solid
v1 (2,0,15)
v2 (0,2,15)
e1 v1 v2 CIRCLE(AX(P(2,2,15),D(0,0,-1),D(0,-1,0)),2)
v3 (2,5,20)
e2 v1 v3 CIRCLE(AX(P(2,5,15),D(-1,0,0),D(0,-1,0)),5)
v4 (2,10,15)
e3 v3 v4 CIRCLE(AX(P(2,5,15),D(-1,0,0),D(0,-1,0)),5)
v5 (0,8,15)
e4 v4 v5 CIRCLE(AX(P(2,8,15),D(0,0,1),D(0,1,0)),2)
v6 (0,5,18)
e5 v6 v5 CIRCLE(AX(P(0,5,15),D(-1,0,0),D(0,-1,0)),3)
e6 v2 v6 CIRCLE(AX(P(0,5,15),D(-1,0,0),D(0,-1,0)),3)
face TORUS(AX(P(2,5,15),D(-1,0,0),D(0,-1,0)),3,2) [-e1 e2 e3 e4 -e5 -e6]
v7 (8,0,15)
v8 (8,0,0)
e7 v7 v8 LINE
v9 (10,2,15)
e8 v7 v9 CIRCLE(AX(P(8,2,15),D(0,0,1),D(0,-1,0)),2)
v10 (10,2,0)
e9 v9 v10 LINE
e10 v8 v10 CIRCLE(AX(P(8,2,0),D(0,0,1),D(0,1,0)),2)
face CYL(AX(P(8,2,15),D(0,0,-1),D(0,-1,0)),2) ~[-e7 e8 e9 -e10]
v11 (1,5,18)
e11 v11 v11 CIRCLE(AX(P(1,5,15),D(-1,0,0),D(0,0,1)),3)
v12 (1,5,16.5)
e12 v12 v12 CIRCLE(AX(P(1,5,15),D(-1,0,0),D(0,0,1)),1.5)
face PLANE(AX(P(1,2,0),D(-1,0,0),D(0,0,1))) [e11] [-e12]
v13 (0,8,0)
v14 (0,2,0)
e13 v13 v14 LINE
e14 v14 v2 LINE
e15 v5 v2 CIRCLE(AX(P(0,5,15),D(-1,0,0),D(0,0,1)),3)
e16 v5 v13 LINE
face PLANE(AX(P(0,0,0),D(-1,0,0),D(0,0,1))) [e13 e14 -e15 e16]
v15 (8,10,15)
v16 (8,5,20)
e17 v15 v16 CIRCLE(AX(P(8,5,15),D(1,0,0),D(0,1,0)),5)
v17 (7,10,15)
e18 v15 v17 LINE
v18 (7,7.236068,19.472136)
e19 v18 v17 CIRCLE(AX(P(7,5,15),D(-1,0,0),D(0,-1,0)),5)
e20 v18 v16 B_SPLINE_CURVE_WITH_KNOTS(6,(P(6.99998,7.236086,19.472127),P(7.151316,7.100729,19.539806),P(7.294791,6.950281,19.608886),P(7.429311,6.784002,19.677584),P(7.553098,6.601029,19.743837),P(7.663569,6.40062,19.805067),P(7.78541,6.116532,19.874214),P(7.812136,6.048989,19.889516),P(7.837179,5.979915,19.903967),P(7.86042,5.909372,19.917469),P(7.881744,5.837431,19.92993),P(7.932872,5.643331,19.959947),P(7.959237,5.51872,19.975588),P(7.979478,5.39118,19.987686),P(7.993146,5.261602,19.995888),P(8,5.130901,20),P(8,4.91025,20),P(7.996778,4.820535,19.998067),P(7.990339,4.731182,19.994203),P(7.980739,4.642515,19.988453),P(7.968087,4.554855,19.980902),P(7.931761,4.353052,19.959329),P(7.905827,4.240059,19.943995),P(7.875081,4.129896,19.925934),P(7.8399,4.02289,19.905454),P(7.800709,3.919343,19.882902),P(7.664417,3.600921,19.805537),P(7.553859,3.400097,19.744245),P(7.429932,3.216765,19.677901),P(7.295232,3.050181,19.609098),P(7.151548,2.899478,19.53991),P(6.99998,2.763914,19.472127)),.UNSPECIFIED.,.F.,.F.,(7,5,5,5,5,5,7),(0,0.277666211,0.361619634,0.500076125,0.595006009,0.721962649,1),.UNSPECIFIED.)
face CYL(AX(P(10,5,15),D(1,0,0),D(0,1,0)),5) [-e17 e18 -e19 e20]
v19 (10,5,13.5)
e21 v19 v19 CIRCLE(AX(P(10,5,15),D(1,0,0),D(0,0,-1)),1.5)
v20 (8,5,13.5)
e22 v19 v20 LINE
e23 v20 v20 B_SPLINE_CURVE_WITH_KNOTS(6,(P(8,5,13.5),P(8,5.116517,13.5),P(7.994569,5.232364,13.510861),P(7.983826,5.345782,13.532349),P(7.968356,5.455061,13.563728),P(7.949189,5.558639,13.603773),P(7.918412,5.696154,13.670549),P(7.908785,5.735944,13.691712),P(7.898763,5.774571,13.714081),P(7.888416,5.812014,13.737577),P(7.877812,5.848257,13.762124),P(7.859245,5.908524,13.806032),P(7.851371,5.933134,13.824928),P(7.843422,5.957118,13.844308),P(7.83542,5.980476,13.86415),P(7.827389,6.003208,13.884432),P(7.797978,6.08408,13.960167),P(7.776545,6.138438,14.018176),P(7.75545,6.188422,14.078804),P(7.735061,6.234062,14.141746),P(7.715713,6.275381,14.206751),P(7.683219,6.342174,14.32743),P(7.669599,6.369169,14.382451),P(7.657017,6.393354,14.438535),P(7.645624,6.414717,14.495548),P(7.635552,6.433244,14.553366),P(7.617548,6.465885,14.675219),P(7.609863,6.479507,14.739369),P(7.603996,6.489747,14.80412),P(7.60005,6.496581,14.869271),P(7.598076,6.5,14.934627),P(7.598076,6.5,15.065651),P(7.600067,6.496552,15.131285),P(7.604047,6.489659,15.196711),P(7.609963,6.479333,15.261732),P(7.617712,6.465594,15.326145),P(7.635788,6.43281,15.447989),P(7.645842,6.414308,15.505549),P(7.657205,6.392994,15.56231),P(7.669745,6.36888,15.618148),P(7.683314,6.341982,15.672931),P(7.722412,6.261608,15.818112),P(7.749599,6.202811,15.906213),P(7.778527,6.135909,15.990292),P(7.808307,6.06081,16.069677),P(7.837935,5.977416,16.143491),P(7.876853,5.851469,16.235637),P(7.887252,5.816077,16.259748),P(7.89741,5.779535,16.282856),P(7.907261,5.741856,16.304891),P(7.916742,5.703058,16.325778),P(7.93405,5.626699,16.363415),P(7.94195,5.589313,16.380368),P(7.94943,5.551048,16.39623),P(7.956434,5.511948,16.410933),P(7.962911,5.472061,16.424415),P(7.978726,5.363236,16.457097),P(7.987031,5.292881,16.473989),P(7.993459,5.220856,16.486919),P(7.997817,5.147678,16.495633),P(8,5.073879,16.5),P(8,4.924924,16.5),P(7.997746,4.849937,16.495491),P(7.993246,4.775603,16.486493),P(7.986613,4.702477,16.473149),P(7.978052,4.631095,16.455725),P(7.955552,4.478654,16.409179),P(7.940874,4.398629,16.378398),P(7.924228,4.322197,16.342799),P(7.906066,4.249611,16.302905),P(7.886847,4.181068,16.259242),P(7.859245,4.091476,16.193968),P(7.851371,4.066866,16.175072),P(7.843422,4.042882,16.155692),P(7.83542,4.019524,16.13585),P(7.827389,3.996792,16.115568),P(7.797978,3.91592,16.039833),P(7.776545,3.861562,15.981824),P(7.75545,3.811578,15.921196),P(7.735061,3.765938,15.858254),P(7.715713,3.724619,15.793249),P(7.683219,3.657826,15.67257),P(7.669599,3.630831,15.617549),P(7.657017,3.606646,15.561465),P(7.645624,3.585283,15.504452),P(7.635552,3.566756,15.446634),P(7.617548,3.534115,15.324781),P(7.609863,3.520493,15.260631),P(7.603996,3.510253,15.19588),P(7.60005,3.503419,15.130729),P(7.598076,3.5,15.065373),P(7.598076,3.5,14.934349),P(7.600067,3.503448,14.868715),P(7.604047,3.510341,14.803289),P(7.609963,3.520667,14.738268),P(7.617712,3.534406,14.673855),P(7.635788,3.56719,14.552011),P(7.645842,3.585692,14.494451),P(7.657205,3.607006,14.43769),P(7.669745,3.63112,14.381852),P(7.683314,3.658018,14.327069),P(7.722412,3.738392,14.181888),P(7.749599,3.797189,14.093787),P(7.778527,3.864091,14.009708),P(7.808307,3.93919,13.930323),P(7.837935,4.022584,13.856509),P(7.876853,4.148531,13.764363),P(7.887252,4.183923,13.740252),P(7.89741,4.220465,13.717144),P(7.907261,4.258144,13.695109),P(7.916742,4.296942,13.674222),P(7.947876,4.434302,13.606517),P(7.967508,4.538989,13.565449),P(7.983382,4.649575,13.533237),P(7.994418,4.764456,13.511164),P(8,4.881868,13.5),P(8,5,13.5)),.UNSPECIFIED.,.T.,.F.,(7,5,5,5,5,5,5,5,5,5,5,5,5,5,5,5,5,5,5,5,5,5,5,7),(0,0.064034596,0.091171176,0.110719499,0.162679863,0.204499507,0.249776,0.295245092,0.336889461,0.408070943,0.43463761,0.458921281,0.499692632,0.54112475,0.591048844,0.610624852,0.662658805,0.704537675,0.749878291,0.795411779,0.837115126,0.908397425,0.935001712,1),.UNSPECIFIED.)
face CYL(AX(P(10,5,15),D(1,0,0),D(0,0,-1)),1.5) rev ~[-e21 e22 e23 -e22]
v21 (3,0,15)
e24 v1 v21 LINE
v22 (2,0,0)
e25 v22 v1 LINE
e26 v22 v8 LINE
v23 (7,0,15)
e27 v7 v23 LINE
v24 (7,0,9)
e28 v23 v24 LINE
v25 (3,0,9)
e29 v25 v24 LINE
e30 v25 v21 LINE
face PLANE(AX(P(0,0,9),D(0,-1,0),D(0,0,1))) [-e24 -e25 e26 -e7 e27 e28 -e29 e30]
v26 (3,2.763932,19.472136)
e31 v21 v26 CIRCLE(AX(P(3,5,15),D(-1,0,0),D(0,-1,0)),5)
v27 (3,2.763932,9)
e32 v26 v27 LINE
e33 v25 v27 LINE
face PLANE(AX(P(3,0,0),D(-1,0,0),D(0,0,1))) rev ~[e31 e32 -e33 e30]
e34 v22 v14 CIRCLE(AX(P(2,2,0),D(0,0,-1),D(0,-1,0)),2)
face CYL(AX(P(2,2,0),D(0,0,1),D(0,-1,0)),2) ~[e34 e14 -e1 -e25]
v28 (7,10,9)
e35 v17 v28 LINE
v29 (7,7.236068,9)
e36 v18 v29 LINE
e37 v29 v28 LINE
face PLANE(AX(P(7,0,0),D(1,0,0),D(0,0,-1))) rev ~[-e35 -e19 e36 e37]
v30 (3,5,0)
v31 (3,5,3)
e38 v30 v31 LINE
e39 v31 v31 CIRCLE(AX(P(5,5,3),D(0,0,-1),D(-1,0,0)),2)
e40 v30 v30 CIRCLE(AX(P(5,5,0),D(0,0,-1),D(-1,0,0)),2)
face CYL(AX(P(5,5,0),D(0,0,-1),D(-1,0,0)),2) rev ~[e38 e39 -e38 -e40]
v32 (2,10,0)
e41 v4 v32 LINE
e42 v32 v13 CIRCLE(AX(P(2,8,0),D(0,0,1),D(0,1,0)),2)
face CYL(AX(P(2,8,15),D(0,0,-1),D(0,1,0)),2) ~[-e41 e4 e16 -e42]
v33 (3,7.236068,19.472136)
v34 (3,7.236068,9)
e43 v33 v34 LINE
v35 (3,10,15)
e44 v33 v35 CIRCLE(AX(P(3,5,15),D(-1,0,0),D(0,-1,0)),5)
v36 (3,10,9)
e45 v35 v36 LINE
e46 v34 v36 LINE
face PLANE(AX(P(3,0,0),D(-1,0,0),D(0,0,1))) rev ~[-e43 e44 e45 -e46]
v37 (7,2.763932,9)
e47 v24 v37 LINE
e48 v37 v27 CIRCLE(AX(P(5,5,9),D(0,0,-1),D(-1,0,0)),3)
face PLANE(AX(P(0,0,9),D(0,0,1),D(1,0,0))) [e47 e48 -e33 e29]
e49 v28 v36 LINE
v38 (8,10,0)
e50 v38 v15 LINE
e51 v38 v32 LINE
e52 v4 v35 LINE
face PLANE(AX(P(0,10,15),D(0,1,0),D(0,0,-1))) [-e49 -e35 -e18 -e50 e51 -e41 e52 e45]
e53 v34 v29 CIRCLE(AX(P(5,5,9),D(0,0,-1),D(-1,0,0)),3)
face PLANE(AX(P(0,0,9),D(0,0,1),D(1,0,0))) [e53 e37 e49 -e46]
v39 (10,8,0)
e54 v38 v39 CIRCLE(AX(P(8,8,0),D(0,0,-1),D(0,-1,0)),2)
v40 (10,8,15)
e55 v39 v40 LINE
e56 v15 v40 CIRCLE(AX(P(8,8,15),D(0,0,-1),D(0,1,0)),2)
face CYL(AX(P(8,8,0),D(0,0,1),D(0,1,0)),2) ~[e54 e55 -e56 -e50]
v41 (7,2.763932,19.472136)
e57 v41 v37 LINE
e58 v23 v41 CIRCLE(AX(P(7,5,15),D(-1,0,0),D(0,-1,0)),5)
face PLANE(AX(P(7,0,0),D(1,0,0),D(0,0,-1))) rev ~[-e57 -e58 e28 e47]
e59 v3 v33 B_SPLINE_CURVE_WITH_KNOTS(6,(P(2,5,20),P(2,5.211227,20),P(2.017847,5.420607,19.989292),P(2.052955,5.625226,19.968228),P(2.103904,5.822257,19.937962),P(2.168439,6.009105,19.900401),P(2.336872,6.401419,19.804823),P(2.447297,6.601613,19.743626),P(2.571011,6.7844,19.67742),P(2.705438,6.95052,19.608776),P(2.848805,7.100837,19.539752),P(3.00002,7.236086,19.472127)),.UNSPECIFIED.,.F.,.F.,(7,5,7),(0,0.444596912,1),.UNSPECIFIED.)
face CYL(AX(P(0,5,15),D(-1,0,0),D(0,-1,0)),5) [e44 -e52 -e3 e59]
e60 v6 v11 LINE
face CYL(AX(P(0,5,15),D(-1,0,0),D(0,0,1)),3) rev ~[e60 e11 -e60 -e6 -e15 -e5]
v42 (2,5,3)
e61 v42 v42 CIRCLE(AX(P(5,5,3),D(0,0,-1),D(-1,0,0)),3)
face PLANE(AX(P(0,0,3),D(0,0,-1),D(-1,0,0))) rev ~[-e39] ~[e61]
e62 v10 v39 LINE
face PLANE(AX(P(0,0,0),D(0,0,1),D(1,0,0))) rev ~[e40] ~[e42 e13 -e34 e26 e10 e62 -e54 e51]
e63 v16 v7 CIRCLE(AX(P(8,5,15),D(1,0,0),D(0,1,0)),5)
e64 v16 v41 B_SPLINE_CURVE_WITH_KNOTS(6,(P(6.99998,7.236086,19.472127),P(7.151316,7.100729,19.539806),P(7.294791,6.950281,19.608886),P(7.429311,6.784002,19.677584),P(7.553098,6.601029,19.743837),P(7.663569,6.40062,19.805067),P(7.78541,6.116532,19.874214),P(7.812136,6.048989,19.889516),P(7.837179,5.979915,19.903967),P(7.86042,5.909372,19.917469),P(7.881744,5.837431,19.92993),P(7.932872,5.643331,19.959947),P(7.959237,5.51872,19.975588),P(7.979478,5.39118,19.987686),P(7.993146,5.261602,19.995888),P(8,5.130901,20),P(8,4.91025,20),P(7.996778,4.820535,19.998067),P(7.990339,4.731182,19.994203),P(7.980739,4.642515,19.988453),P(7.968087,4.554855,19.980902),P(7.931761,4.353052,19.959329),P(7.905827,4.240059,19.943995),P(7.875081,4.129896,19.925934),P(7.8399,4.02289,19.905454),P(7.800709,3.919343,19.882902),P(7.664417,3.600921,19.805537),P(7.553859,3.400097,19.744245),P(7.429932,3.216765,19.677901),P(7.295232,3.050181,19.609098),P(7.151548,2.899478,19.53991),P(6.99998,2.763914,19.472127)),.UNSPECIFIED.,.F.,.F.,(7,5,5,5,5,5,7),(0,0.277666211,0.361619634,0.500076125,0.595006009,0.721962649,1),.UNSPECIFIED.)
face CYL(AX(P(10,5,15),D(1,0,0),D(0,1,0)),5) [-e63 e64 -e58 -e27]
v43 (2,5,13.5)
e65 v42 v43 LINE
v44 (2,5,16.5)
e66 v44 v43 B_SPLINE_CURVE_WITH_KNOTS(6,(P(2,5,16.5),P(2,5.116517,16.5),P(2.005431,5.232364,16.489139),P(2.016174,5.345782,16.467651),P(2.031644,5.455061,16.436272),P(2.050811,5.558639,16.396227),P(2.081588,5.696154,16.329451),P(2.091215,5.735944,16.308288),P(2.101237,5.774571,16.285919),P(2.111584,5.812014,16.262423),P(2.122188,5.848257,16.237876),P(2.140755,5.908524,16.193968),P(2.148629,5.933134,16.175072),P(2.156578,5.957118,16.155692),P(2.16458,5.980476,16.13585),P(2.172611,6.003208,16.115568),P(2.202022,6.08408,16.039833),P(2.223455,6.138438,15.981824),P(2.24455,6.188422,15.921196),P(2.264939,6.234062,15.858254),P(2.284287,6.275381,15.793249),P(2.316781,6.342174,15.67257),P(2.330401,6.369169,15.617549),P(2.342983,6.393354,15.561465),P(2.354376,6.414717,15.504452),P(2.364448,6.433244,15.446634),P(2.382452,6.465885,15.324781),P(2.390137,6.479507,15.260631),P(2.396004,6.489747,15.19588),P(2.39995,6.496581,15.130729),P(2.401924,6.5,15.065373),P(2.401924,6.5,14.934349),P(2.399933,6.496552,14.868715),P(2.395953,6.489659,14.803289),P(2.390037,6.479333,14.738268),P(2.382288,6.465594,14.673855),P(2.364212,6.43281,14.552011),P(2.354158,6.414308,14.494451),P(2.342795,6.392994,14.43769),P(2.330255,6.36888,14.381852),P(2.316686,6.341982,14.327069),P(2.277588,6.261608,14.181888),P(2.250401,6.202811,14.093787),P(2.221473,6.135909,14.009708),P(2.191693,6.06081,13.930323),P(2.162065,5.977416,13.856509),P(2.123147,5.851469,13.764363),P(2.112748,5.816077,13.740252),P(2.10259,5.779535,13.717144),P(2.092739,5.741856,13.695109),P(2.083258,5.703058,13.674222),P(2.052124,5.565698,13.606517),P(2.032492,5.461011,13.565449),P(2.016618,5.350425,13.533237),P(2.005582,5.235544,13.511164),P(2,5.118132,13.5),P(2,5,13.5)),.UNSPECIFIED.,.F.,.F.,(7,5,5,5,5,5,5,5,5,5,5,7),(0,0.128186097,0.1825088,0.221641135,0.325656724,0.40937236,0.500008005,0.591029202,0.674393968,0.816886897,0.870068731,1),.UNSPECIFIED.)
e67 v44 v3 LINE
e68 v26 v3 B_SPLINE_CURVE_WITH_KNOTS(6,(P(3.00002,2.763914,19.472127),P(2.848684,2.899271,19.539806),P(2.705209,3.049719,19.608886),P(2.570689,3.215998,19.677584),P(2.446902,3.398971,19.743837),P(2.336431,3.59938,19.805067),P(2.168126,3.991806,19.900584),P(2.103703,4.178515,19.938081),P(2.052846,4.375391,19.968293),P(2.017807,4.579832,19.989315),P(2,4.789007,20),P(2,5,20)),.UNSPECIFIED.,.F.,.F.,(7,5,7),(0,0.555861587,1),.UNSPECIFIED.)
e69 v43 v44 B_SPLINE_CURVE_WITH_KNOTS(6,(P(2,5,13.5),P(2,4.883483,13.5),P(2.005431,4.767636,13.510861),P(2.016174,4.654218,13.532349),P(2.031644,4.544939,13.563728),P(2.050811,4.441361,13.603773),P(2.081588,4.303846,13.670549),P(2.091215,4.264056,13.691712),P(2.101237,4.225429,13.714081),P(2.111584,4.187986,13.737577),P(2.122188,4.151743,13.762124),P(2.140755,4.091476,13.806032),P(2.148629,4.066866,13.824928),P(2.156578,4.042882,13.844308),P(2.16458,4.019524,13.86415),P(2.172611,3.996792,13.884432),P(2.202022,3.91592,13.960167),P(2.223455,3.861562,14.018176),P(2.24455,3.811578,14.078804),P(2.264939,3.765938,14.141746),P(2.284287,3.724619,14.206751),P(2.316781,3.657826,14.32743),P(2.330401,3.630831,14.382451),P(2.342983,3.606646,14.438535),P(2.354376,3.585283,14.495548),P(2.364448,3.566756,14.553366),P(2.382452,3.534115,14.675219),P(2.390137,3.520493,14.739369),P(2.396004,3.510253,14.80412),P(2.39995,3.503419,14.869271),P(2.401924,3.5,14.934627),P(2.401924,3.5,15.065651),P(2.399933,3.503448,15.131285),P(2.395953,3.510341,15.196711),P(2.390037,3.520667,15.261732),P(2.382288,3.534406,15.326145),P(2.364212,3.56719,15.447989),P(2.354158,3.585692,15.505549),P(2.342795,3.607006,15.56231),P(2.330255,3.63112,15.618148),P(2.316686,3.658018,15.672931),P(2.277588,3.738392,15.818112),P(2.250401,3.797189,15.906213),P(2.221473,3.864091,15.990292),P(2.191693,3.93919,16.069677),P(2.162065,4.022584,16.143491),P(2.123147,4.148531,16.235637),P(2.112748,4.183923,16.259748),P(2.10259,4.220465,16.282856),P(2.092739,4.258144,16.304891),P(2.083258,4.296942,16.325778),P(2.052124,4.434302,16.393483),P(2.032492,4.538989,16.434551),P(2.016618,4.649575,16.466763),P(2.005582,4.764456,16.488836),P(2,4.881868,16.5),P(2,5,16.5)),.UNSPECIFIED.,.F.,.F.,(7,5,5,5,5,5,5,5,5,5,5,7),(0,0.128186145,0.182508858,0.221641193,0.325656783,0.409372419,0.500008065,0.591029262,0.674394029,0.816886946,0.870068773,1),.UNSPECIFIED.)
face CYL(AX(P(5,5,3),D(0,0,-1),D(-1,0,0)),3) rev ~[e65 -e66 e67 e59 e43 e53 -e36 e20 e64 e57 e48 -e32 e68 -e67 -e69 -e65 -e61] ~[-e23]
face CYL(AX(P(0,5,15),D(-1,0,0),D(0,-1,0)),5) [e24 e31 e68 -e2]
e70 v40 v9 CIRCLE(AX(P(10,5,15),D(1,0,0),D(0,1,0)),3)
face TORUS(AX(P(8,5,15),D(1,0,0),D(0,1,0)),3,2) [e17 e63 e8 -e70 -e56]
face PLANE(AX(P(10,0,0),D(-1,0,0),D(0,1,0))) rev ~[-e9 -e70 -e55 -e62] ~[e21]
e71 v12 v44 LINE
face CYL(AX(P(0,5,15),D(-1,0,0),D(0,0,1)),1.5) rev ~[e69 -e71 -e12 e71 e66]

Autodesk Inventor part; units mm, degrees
ref_plane "YZ Plane" through (0, 0, 0) normal (1, 0, 0) x (0, 1, 0)
ref_plane "XZ Plane" through (0, 0, 0) normal (0, 1, 0) x (-1, 0, 0)
sketch "Sketch1" plane through (0, 0, 0) normal (0, 0, 1) x (1, 0, 0)
  line L0 (0, 0) -> (10, 0)
  line L1 (10, 0) -> (10, 10)
  line L2 (10, 10) -> (0, 10)
  line L3 (0, 10) -> (0, 0)
  dimension "d0" = 10
  dimension "d1" = 10
extrude "Extrusion1" add sketch "Sketch1" along normal blind 9
sketch "Sketch2" plane through (10, 0, 0) normal (1, 0, 0) x (0, 0, -1)
  circle A0 centre (-15, 5) radius 5 construction
  line L0 (0, 0) -> (0, 10) projected
  arc A1 (-15, 10) -> (-15, 0) centre (-15, 5) ccw
  line L1 (-9, 0) -> (-9, 10) projected
  line L2 (-15, 10) -> (-9, 10)
  line L3 (-15, 0) -> (-9, 0)
  circle A2 centre (-15, 5) radius 1.5
  point P0 (0, 5)
  dimension "d4" = 10
  dimension "d5" = 15
  dimension "d6" = 3
extrude "Extrusion2" add sketch "Sketch2" against normal blind 3
sketch "Sketch3" plane through (0, 0, 0) normal (-1, 0, 0) x (0, 0, 1)
  circle A0 centre (15, 5) radius 1.5 projected
  arc A1 (15, 0) -> (15, 10) centre (15, 5) ccw projected
  line L0 (15, 10) -> (9, 10) projected
  line L1 (9, 0) -> (9, 10) projected
  line L2 (9, 0) -> (15, 0) projected
  point P0 (0, 0)
extrude "Extrusion3" add sketch "Sketch3" against normal blind 3
fillet "Fillet1" radius 2 6 edges at (0, 5, 20) (0, 0, 7.5) (0, 10, 7.5) (10, 5, 20) (10, 0, 7.5) (10, 10, 7.5)
sketch "Sketch4" plane through (0, 0, 0) normal (0, 0, -1) x (-1, 0, 0)
  circle A0 centre (-5, 5) radius 2
  line L0 (-8, 10) -> (-2, 10) projected
  line L1 (0, 8) -> (0, 2) projected
  point P0 (0, 0)
  point P1 (-5, 10)
  point P2 (0, 5)
  dimension "d12" = 4
extrude "Extrusion4" cut sketch "Sketch4" against normal through all
ref_plane "Work Plane1" through (0, 0, 3) normal (0, 0, -1) x (-1, 0, 0)
sketch "Sketch5" plane through (0, 0, 3) normal (0, 0, -1) x (-1, 0, 0)
  circle A0 centre (-5, 5) radius 2 projected
  circle A1 centre (-5, 5) radius 3
  point P0 (0, 0)
  dimension "d16" = 6
extrude "Extrusion5" cut sketch "Sketch5" against normal through all
sketch "Sketch8" plane through (0, 2, 0) normal (-1, 0, 0) x (0, 0, 1)
  circle A0 centre (15, 3) radius 1.5 projected
  circle A1 centre (15, 3) radius 3
  point P0 (0, -2)
  dimension "d20" = 6
extrude "Extrusion6" cut sketch "Sketch8" against normal blind 1
properties part number "Arm3" material "ABS Plastic"
